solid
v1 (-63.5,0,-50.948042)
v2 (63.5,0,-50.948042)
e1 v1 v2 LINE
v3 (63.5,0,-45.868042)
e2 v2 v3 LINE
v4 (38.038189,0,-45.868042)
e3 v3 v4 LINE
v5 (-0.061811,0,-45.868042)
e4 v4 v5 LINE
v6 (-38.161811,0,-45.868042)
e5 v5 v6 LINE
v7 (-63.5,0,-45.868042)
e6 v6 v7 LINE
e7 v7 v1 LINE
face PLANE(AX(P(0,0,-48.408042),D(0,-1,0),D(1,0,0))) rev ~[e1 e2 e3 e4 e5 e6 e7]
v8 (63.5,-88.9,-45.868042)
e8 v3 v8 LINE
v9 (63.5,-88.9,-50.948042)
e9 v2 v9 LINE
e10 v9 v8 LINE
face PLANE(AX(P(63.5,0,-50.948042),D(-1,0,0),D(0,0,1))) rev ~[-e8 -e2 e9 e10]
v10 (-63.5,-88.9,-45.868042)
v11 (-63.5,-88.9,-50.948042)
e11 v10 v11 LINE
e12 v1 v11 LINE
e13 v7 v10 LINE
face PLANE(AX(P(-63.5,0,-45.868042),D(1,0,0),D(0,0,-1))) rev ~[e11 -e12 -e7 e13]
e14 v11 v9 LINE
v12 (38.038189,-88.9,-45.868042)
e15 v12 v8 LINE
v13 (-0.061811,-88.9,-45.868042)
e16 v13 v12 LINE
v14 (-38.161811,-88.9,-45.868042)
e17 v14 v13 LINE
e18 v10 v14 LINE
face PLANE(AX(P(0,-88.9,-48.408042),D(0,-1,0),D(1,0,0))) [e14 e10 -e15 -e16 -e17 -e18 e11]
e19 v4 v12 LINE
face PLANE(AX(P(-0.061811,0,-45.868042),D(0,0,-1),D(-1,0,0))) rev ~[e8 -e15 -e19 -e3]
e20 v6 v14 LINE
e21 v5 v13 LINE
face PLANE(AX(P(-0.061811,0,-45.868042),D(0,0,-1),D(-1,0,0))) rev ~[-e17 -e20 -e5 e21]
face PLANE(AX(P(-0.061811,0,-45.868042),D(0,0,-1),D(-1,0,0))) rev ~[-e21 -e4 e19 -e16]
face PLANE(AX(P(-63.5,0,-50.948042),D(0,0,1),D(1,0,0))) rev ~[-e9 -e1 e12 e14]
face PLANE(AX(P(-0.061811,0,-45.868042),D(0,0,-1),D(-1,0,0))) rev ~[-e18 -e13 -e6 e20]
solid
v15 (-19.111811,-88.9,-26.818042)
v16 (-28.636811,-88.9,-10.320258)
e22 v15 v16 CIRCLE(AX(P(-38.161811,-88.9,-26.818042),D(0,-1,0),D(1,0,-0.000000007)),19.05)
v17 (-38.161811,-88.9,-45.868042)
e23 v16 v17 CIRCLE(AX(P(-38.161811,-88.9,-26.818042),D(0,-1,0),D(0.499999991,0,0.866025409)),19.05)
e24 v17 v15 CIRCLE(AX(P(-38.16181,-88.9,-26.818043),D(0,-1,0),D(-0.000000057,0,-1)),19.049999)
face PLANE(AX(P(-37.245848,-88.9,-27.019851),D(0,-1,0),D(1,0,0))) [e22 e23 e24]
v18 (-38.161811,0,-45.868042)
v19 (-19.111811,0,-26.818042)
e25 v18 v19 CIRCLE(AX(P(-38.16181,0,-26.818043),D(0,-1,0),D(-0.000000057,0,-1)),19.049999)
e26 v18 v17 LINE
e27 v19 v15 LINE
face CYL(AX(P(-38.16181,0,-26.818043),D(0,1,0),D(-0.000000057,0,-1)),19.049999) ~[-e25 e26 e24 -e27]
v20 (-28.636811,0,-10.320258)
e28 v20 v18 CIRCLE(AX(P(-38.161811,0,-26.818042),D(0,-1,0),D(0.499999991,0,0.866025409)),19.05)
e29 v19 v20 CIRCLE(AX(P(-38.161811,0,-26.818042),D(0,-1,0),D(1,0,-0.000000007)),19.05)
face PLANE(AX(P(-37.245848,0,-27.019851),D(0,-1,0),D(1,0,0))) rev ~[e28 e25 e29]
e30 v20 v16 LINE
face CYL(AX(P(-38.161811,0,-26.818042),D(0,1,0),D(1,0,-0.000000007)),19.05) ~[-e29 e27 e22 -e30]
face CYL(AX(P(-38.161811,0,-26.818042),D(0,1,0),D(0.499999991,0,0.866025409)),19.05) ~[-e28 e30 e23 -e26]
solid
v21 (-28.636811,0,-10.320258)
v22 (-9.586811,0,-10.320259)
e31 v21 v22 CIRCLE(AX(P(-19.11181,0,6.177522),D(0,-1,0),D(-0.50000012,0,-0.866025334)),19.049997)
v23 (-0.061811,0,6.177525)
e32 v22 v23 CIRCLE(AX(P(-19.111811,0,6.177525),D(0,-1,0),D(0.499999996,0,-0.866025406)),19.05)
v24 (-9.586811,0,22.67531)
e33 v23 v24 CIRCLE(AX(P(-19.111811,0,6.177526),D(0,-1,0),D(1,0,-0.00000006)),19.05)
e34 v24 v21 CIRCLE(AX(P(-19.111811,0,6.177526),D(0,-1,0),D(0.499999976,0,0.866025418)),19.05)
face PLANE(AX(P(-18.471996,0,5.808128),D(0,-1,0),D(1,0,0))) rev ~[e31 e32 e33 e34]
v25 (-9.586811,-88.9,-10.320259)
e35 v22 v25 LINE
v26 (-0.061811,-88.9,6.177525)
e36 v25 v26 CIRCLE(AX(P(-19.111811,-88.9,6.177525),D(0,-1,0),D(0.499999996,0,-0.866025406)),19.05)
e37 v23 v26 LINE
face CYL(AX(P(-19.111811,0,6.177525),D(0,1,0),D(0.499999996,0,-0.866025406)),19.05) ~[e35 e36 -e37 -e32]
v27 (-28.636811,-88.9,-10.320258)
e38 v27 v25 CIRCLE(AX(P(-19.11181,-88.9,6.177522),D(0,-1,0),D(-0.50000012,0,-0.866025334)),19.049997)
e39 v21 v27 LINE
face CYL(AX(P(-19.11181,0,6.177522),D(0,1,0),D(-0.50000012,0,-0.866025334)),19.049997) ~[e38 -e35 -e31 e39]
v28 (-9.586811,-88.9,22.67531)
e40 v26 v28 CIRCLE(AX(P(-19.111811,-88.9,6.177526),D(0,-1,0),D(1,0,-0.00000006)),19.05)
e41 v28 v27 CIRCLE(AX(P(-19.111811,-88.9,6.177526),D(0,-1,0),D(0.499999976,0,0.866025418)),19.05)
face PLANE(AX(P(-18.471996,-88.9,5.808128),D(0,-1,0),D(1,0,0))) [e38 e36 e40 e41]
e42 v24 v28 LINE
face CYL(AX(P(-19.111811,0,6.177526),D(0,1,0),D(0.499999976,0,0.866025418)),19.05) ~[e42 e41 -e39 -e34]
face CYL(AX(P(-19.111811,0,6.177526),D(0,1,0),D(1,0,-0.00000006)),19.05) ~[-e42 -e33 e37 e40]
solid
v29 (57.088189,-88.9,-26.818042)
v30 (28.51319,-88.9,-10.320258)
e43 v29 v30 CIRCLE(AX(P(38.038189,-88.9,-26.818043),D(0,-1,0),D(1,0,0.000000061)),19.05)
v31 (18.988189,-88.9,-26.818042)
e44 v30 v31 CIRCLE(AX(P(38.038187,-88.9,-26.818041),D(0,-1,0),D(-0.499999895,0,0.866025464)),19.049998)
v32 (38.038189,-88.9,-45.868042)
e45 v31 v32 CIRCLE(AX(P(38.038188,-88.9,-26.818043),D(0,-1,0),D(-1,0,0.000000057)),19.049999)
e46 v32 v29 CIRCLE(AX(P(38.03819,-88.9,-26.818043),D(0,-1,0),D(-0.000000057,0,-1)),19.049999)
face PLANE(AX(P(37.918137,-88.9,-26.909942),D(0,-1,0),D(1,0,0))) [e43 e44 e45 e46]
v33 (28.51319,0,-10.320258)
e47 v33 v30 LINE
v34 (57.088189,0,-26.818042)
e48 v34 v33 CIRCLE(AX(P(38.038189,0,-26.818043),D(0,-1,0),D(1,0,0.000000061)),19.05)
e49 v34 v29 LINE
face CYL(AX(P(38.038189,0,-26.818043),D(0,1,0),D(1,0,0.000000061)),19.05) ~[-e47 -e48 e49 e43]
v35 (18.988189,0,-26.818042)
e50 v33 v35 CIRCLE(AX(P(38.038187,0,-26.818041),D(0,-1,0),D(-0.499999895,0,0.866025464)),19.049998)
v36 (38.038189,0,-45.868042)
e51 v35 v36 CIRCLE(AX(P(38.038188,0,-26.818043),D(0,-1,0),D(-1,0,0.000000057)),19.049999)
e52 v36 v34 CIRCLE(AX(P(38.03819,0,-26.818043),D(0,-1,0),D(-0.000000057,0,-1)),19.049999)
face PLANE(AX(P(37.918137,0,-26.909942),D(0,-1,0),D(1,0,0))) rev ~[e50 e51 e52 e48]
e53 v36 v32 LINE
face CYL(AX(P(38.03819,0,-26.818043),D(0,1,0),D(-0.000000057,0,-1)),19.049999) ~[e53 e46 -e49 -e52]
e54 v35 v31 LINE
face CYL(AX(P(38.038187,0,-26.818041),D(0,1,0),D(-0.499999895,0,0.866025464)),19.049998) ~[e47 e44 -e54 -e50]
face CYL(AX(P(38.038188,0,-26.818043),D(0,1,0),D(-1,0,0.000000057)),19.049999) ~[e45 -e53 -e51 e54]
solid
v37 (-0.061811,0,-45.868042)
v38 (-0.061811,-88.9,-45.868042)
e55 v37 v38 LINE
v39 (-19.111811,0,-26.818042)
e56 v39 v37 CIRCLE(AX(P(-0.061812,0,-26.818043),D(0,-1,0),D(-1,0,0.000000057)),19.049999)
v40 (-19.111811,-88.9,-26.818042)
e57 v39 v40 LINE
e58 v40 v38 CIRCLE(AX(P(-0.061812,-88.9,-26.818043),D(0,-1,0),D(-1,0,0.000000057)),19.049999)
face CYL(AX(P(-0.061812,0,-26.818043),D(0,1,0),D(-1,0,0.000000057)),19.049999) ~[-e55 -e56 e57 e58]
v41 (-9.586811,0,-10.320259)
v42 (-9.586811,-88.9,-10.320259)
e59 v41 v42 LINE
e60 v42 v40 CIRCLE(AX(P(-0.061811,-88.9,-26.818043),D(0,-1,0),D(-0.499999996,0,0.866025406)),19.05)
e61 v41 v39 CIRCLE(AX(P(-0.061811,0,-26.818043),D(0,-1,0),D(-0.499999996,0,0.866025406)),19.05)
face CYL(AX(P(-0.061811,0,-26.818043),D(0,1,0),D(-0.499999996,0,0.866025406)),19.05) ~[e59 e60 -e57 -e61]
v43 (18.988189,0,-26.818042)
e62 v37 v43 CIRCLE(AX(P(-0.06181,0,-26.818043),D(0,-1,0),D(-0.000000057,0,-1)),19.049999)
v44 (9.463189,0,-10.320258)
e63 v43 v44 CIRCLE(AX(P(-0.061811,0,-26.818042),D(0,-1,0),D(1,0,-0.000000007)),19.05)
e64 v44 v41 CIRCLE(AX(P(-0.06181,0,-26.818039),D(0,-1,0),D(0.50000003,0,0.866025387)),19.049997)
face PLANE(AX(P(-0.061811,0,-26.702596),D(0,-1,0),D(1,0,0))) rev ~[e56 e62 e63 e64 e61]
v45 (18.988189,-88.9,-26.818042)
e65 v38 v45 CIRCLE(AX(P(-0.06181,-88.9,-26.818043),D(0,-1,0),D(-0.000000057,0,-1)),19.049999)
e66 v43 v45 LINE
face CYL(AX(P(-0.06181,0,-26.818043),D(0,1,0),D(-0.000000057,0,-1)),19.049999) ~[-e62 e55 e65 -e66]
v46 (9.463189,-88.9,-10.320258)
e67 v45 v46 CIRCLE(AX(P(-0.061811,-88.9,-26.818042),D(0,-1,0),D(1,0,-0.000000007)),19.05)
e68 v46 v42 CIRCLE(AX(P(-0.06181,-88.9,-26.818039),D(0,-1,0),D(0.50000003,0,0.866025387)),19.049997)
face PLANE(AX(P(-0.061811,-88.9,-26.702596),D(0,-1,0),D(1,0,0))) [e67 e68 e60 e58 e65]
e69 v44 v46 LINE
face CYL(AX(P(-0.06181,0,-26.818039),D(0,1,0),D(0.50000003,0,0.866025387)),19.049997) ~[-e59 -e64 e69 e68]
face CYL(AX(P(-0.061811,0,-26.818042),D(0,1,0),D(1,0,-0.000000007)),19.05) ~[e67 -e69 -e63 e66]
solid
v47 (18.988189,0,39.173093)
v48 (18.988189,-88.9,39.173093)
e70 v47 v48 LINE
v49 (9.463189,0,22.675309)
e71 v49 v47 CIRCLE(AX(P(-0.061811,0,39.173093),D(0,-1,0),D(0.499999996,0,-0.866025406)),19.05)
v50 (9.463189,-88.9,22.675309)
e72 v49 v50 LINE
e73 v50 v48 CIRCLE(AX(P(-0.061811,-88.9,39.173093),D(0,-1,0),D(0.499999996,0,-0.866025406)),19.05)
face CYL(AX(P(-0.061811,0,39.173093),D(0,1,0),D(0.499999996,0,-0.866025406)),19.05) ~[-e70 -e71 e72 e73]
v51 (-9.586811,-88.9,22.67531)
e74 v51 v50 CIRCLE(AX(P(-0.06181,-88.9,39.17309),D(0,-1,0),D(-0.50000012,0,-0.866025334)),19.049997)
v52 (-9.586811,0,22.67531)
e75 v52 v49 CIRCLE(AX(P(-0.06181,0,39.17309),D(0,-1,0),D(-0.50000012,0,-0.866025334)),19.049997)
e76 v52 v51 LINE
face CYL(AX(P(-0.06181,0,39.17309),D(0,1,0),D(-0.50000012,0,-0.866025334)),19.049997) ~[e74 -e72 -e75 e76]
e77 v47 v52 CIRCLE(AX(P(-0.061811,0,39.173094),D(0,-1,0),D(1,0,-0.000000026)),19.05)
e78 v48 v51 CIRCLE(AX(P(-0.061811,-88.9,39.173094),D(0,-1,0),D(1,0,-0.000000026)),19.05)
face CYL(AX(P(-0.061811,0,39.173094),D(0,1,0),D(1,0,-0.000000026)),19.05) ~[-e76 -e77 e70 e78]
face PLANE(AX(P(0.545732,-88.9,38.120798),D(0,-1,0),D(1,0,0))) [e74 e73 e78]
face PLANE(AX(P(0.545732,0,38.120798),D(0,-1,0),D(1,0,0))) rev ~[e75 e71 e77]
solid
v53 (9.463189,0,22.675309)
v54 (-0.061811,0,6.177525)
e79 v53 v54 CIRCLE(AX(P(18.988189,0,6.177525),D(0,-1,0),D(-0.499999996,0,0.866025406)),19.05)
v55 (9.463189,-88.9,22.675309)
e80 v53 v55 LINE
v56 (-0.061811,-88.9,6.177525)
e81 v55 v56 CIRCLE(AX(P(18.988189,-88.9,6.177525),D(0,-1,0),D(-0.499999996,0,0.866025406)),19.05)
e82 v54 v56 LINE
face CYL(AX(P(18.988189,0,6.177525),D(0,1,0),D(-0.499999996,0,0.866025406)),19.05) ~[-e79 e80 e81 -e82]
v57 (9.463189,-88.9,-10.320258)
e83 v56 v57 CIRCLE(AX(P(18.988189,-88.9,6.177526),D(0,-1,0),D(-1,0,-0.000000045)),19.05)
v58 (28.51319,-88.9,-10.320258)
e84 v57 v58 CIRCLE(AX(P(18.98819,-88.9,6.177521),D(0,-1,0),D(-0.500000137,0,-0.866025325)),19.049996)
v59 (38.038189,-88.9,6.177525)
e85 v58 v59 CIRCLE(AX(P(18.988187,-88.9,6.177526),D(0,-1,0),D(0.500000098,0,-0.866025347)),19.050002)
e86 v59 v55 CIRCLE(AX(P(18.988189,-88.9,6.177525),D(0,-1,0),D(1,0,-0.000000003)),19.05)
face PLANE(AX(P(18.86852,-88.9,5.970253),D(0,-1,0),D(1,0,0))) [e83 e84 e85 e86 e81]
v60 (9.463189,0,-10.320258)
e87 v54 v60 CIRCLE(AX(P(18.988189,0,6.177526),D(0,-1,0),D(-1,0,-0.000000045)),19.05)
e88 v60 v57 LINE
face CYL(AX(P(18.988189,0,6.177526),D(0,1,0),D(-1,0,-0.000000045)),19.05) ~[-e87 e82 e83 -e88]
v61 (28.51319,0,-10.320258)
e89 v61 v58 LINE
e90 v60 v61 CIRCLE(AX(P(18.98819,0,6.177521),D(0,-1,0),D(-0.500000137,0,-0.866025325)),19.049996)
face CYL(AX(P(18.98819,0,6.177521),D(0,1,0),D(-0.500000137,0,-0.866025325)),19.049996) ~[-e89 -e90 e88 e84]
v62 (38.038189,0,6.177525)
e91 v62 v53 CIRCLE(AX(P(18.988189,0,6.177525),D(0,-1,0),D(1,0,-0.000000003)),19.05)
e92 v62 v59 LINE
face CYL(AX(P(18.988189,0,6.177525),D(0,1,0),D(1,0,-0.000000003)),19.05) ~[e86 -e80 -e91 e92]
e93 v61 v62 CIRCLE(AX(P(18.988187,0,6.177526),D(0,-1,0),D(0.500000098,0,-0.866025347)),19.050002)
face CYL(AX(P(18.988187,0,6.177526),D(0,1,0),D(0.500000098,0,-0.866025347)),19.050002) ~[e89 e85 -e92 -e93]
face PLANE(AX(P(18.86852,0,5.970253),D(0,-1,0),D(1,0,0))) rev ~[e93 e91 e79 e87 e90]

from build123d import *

# Parameters (mm, degrees)
F1_DEPTH = 88.9


with BuildPart() as f1:
    # F0 (on Front) → F1 (new body)
    with BuildSketch(Plane.XZ):
        with BuildLine():
            ThreePointArc((-9.586811, -10.320259), (-2.614027, -3.347475), (-0.061811, 6.177525))
            ThreePointArc((-0.061811, 6.177525), (-2.614027, 15.702526), (-9.586811, 22.67531))
            ThreePointArc((-9.586811, 22.67531), (-35.609595, 15.702525), (-28.636811, -10.320258))
            ThreePointArc((-28.636811, -10.320258), (-19.111811, -12.872475), (-9.586811, -10.320259))
        make_face()
        with BuildLine():
            ThreePointArc((9.463189, 22.675309), (2.490405, 15.702525), (-0.061811, 6.177525))
            ThreePointArc((-0.061811, 6.177525), (2.490405, -3.347474), (9.463189, -10.320258))
            ThreePointArc((9.463189, -10.320258), (18.988189, -12.872475), (28.51319, -10.320258))
            ThreePointArc((28.51319, -10.320258), (35.485973, -3.347474), (38.038189, 6.177525))
            ThreePointArc((38.038189, 6.177525), (28.513189, 22.675309), (9.463189, 22.675309))
        make_face()
        with BuildLine():
            ThreePointArc((9.463189, -10.320258), (-0.061811, -7.768042), (-9.586811, -10.320259))
            ThreePointArc((-9.586811, -10.320259), (-16.559595, -17.293043), (-19.111811, -26.818042))
            ThreePointArc((-19.111811, -26.818042), (-13.532195, -40.288427), (-0.061811, -45.868042))
            ThreePointArc((-0.061811, -45.868042), (13.408573, -40.288427), (18.988189, -26.818042))
            ThreePointArc((18.988189, -26.818042), (16.435973, -17.293042), (9.463189, -10.320258))
        make_face()
        with BuildLine():
            ThreePointArc((57.088189, -26.818042), (47.563189, -10.320259), (28.51319, -10.320258))
            ThreePointArc((28.51319, -10.320258), (21.540405, -17.293042), (18.988189, -26.818042))
            ThreePointArc((18.988189, -26.818042), (24.567805, -40.288427), (38.038189, -45.868042))
            ThreePointArc((38.038189, -45.868042), (51.508573, -40.288427), (57.088189, -26.818042))
        make_face()
        with BuildLine():
            ThreePointArc((-19.111811, -26.818042), (-21.664027, -17.293042), (-28.636811, -10.320258))
            ThreePointArc((-28.636811, -10.320258), (-56.562698, -21.88754), (-38.161811, -45.868042))
            ThreePointArc((-38.161811, -45.868042), (-24.691427, -40.288427), (-19.111811, -26.818042))
        make_face()
        Polygon((-0.061811, -45.868042), (-38.161811, -45.868042), (-63.5, -45.868042), (-63.5, -50.948042), (63.5, -50.948042), (63.5, -45.868042), (38.038189, -45.868042), align=None)
        with BuildLine():
            ThreePointArc((18.988189, 39.173093), (-9.586811, 55.670877), (-9.586811, 22.67531))
            ThreePointArc((-9.586811, 22.67531), (-0.061811, 20.123093), (9.463189, 22.675309))
            ThreePointArc((9.463189, 22.675309), (16.435973, 29.648093), (18.988189, 39.173093))
        make_face()
    extrude(amount=F1_DEPTH)


solid = f1.part
